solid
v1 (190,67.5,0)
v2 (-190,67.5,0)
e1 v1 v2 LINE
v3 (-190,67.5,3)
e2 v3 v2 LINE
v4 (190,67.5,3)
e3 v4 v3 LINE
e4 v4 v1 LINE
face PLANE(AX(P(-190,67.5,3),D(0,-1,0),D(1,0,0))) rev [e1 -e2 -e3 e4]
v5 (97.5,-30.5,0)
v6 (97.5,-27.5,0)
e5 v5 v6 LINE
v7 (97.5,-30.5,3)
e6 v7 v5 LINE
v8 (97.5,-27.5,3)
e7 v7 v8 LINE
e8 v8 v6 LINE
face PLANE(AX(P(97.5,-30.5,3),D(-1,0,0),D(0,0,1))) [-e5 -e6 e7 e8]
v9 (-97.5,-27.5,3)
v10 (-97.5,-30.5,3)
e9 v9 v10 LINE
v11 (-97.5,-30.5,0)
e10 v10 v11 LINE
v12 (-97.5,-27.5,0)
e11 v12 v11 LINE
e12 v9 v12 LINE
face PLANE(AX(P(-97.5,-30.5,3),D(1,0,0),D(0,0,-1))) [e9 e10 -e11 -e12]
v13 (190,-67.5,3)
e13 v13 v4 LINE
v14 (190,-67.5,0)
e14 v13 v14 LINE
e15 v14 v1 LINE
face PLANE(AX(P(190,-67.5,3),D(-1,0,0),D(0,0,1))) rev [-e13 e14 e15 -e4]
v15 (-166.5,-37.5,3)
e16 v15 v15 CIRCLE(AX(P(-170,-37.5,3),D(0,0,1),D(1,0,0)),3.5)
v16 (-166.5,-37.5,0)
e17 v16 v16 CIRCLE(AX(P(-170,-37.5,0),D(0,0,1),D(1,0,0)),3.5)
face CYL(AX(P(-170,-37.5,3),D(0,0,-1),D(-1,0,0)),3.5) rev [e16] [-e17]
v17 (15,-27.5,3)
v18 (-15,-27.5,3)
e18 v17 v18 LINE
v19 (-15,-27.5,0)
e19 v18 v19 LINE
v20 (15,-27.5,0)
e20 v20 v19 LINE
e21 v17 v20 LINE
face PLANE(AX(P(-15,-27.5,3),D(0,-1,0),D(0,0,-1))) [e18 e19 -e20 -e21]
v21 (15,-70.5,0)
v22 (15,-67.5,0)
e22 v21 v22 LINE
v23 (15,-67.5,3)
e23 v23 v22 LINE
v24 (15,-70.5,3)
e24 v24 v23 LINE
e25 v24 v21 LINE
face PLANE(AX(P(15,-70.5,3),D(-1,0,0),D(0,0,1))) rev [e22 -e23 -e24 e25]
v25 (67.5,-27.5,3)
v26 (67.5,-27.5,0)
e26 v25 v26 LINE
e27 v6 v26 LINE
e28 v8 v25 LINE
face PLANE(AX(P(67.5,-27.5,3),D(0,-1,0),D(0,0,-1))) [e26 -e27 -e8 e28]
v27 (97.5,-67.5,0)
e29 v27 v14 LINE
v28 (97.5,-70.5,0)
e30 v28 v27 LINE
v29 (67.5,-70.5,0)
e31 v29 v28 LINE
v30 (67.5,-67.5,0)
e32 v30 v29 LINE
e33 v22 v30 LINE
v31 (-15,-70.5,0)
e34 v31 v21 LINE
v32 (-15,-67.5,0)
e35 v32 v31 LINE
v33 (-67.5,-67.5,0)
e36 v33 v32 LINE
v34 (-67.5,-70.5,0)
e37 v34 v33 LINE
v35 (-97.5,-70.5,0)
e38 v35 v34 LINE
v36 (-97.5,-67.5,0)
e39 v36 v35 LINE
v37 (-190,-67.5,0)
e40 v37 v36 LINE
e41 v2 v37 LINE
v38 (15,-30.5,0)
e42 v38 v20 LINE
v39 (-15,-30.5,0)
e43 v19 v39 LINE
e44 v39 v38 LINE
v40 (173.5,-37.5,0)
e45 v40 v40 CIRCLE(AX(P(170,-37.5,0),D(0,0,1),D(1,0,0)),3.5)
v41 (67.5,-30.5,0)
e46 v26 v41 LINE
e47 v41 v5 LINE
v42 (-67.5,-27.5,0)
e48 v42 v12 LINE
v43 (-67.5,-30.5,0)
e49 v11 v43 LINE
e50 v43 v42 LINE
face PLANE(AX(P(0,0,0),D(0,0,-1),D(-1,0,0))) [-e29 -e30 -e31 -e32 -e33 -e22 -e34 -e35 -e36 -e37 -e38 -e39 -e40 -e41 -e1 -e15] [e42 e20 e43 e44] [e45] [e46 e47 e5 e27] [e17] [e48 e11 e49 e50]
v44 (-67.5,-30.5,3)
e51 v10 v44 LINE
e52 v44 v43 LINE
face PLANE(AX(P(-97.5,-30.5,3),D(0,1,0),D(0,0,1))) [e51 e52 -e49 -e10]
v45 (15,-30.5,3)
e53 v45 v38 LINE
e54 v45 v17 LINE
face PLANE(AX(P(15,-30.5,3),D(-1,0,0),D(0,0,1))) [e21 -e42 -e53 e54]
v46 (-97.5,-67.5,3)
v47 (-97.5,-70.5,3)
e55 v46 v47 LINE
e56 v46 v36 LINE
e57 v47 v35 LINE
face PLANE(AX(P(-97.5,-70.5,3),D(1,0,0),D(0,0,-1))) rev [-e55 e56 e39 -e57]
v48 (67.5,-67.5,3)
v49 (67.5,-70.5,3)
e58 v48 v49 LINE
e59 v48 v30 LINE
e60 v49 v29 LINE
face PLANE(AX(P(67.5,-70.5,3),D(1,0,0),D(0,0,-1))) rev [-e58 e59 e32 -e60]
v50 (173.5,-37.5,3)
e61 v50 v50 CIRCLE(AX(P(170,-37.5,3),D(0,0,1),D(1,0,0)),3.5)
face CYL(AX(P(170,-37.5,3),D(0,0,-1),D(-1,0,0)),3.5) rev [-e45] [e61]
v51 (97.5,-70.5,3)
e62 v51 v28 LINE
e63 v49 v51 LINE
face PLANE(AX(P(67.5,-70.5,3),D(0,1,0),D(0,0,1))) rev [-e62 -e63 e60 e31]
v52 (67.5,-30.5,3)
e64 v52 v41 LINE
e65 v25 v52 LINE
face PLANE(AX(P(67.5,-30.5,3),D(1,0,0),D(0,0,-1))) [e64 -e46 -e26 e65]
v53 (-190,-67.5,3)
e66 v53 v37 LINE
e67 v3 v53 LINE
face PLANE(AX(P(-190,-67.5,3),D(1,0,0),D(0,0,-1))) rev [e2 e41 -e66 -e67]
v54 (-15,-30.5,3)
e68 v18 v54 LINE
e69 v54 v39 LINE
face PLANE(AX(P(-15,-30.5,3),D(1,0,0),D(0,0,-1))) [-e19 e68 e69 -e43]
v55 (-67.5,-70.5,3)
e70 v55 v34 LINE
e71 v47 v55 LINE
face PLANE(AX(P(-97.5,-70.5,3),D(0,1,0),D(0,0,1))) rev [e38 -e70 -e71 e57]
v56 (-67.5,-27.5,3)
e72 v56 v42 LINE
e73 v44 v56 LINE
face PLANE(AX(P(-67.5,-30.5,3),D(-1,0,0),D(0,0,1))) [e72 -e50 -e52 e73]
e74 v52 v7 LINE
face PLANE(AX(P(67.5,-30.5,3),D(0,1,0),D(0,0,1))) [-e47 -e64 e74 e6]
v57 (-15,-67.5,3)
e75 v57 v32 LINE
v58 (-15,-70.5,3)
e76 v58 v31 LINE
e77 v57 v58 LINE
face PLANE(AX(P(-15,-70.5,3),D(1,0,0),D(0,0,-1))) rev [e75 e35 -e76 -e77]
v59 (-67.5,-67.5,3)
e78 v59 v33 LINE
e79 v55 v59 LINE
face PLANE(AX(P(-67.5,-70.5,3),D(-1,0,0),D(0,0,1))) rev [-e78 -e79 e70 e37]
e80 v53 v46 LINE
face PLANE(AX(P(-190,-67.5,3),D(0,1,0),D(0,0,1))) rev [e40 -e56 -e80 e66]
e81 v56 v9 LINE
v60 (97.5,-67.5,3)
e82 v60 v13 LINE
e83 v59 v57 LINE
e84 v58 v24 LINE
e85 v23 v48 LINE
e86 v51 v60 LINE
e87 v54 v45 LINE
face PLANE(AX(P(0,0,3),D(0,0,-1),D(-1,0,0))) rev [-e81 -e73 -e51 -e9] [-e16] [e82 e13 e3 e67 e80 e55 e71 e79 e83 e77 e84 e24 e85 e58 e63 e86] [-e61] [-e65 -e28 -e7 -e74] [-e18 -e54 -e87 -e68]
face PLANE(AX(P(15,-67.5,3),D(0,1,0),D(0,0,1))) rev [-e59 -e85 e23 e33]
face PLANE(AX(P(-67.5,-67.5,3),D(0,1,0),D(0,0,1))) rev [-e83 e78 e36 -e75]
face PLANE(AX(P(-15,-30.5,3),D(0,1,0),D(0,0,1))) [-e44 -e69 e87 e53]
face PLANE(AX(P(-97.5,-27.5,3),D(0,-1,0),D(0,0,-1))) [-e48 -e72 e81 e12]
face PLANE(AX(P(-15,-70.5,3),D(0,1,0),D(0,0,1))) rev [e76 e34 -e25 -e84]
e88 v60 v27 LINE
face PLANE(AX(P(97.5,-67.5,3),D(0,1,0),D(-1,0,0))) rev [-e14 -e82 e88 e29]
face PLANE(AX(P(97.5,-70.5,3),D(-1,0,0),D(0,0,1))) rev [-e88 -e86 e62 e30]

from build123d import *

# Parameters (mm, degrees)
CROQUIS1_R              = 3.5
CROQUIS1_W              = 30
CROQUIS1_H              = 3
SALIENTE_EXTRUIR1_DEPTH = 3


with BuildPart() as part:
    # Croquis1 → Saliente-Extruir1 (new body)
    with BuildSketch(Plane.XY):
        Polygon((-190, -67.5), (-97.5, -67.5), (-97.5, -70.5), (-67.5, -70.5), (-67.5, -67.5), (-15, -67.5), (-15, -70.5), (15, -70.5), (15, -67.5), (67.5, -67.5), (67.5, -70.5), (97.5, -70.5), (97.5, -67.5), (190, -67.5), (190, 67.5), (-190, 67.5), align=None)
        with Locations((-170, -37.5)):
            Circle(CROQUIS1_R, mode=Mode.SUBTRACT)
        with Locations((170, -37.5)):
            Circle(CROQUIS1_R, mode=Mode.SUBTRACT)
        with Locations((82.5, -29)):
            Rectangle(CROQUIS1_W, CROQUIS1_H, mode=Mode.SUBTRACT)
        with Locations((0, -29)):
            Rectangle(CROQUIS1_W, CROQUIS1_H, mode=Mode.SUBTRACT)
        with Locations((-82.5, -29)):
            Rectangle(CROQUIS1_W, CROQUIS1_H, mode=Mode.SUBTRACT)
    extrude(amount=SALIENTE_EXTRUIR1_DEPTH)


solid = part.part
